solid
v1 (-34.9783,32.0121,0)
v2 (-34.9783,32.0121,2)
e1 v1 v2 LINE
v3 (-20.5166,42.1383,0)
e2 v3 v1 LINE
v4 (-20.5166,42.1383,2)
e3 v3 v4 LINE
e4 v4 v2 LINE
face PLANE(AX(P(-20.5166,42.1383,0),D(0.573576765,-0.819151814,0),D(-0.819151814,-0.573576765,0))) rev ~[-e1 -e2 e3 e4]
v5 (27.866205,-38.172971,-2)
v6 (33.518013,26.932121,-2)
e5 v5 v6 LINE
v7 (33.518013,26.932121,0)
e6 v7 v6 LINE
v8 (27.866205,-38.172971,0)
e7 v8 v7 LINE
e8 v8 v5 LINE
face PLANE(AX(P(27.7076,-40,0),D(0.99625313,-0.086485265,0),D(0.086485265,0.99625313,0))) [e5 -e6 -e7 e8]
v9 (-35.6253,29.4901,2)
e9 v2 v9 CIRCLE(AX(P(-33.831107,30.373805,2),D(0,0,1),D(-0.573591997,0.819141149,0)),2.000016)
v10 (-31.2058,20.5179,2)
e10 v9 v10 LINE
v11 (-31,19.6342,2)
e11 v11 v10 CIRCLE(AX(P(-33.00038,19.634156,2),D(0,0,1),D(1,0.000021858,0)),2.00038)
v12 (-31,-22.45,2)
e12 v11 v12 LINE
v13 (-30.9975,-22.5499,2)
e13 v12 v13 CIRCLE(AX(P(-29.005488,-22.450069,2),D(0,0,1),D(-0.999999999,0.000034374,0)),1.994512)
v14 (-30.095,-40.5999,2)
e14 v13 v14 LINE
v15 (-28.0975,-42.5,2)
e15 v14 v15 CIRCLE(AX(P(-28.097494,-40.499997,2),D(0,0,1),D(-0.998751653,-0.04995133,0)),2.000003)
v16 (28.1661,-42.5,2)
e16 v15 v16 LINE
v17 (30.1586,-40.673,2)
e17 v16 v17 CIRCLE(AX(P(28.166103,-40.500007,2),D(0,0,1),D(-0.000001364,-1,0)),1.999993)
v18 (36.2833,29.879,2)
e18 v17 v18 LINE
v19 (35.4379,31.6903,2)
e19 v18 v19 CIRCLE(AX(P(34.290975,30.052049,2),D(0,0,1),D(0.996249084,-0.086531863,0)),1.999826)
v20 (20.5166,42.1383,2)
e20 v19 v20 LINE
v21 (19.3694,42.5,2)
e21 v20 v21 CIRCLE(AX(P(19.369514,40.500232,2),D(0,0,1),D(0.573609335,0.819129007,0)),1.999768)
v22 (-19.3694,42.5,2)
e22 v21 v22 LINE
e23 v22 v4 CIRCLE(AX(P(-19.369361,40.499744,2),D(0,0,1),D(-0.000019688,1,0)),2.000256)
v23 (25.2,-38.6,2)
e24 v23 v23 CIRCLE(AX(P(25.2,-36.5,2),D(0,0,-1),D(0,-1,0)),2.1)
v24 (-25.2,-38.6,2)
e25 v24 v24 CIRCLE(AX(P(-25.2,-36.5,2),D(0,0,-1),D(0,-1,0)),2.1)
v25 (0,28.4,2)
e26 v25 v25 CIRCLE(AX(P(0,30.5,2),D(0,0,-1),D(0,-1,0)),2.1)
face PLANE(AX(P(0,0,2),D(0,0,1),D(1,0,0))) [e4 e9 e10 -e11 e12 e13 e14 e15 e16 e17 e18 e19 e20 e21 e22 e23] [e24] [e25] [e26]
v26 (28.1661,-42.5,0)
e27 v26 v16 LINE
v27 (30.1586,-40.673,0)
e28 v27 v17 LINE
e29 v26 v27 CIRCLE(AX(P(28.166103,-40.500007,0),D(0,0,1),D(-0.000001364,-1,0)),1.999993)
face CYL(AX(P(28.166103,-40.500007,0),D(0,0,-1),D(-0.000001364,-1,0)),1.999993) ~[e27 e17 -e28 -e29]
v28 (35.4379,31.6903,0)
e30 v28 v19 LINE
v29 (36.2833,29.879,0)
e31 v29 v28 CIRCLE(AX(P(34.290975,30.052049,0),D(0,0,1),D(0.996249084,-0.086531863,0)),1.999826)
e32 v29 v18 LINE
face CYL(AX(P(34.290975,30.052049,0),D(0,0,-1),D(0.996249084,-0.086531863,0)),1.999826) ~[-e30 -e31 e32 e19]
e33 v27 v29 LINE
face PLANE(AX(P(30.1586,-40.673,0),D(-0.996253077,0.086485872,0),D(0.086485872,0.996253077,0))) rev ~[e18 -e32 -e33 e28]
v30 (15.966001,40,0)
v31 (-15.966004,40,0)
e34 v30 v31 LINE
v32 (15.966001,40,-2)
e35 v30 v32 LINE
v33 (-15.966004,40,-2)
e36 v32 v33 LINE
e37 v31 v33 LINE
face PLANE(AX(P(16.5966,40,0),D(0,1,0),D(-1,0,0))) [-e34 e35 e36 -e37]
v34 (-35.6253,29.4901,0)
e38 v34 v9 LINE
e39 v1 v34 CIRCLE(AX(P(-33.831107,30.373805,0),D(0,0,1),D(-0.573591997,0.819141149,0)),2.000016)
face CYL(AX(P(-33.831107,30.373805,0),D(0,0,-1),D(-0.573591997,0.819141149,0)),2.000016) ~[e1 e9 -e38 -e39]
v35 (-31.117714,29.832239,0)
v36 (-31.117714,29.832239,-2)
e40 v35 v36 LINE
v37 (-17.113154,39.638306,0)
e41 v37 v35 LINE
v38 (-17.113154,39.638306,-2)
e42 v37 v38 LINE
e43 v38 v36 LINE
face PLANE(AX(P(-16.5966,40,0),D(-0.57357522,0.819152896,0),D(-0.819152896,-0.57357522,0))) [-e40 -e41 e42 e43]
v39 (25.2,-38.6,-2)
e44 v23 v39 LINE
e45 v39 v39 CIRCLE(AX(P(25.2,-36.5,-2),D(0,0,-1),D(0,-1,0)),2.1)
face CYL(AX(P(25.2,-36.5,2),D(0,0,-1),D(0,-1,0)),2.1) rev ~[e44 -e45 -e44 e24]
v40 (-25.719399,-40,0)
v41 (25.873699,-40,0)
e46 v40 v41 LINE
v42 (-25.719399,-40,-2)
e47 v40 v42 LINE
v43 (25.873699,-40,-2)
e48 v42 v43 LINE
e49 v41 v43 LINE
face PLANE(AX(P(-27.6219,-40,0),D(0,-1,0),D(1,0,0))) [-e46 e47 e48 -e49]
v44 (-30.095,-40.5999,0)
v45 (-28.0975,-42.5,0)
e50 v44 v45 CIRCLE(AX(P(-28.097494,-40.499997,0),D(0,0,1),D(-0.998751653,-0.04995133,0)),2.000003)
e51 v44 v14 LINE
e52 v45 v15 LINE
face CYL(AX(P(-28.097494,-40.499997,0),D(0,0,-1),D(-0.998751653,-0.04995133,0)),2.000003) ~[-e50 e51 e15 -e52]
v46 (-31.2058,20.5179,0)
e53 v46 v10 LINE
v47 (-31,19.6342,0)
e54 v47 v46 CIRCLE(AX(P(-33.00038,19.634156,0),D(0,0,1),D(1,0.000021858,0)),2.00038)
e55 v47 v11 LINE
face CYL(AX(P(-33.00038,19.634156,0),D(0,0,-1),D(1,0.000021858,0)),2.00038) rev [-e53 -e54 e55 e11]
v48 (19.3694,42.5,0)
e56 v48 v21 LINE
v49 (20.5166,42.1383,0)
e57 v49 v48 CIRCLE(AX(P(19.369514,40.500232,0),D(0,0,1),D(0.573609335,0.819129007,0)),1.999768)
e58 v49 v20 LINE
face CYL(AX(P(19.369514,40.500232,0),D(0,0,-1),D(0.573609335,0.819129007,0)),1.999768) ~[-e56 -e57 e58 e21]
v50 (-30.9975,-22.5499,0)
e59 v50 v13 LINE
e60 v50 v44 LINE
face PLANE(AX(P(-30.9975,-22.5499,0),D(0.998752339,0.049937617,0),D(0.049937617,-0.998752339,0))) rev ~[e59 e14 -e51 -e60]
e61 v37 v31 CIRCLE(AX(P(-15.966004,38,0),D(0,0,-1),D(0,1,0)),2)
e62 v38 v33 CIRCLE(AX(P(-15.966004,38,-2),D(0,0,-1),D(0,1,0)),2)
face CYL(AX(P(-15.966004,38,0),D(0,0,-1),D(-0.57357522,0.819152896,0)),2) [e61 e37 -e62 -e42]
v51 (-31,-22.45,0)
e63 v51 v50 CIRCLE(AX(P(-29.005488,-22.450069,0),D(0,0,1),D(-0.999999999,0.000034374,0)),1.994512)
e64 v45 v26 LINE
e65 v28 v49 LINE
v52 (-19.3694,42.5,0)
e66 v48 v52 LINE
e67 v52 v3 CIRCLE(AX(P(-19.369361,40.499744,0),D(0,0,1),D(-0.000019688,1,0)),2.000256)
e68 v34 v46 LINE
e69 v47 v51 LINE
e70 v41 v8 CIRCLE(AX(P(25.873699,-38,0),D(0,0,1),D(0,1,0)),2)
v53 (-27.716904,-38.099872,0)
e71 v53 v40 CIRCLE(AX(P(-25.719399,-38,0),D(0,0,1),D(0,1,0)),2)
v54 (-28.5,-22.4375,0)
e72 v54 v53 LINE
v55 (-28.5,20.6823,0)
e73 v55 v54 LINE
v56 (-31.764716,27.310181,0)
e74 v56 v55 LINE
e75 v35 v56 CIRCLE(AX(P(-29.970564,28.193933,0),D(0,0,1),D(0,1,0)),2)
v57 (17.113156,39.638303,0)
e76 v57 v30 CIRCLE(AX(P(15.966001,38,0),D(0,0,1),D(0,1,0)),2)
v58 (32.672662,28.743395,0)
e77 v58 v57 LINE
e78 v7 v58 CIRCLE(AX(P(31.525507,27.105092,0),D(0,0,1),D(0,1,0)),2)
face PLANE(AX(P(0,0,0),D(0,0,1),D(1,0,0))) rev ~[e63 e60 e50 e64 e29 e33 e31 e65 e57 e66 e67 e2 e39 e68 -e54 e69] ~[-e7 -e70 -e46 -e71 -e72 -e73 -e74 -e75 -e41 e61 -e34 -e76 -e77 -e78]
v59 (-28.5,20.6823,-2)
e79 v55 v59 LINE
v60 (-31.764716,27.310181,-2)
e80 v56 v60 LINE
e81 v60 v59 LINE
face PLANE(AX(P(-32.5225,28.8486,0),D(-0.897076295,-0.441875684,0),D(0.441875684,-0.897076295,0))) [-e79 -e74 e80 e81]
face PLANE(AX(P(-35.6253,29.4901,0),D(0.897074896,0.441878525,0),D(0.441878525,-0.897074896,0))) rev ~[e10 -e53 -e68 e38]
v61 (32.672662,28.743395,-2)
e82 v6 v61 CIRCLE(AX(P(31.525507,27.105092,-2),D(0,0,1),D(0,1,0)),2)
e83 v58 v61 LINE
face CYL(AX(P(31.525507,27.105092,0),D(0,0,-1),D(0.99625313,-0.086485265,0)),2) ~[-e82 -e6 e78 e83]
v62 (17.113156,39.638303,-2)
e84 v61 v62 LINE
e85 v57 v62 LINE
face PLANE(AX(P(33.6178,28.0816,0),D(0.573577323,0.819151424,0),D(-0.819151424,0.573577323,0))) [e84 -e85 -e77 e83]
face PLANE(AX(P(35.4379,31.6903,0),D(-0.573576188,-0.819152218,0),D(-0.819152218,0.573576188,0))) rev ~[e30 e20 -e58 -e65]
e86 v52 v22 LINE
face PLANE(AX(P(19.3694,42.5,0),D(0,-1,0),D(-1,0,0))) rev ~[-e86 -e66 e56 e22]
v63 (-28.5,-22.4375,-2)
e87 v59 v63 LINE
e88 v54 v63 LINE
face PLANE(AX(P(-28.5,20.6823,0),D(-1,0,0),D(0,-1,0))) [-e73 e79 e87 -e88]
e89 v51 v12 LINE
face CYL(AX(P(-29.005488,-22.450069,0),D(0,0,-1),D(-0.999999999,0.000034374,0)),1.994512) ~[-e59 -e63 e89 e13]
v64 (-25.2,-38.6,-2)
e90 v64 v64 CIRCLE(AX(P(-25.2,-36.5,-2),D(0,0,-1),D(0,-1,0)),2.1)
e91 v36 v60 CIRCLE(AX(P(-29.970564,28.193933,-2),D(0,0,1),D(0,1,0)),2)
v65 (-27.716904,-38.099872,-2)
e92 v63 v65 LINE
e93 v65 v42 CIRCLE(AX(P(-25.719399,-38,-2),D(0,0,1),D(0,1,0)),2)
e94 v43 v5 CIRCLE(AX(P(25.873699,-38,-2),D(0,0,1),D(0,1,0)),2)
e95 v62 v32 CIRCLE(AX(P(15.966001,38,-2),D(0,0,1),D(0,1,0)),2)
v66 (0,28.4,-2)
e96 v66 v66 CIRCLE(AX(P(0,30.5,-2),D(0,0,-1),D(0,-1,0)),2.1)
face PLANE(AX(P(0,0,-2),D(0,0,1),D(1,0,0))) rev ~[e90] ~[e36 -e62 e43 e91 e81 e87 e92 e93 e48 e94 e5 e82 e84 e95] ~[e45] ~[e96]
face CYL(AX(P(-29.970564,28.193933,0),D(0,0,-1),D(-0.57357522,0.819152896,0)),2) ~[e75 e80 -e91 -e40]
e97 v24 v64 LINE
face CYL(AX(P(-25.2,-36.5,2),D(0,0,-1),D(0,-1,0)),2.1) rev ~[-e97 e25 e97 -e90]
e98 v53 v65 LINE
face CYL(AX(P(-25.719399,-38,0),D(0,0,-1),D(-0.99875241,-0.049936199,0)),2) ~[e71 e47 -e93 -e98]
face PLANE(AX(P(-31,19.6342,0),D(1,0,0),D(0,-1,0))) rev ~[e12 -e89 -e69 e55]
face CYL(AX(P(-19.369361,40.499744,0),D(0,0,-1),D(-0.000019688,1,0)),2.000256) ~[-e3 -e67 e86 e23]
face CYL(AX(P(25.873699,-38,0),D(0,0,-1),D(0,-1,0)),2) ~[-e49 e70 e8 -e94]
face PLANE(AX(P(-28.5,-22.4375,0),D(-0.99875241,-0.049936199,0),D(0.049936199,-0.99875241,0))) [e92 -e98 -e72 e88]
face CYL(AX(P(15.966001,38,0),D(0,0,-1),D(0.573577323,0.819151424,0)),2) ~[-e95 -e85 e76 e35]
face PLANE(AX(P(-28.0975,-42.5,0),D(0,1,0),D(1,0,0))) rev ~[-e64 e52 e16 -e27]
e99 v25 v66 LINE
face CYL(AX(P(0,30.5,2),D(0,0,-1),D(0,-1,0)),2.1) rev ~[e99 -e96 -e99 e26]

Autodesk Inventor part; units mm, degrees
ref_plane "YZ Plane" through (0, 0, 0) normal (1, 0, 0) x (0, 1, 0)
ref_plane "XZ Plane" through (0, 0, 0) normal (0, 1, 0) x (-1, 0, 0)
ref_plane "XY Plane" through (0, 0, 0) normal (0, 0, 1) x (1, 0, 0)
ref_plane "Arbeitsebene1" through (0, 0, 0) normal (0, 0, 1) x (1, 0, 0)
sketch "Skizze1" plane through (0, 0, 0) normal (0, 0, 1) x (1, 0, 0)
  line L0 (-29, -22.45) -> (-29, 20.1) projected
  line L1 (-29.2058, 20.9837) -> (-32.4027, 27.4738) projected
  line L2 (-17.2708, 40.1383) -> (-31.7557, 29.9959) projected
  line L3 (-16.1236, 40.5) -> (16.1236, 40.5) projected
  line L4 (33.1958, 28.9875) -> (17.2708, 40.1383) projected
  line L5 (34.0411, 27.1762) -> (28.1661, -40.5) projected
  line L6 (28.1661, -40.5) -> (-28.0975, -40.5) projected
  line L7 (-28.0975, -40.5) -> (-29, -22.45) projected
  line L8 (-30.9975, -22.5499) -> (-30.095, -40.5999) projected
  line L9 (-28.0975, -42.5) -> (28.1661, -42.5) projected
  line L10 (30.1586, -40.673) -> (36.2833, 29.879) projected
  line L11 (35.4379, 31.6903) -> (20.5166, 42.1383) projected
  line L12 (19.3694, 42.5) -> (-19.3694, 42.5) projected
  line L13 (-20.5166, 42.1383) -> (-34.9783, 32.0121) projected
  line L14 (-35.6253, 29.4901) -> (-31.2058, 20.5179) projected
  line L15 (-31, 19.6342) -> (-31, -22.45) projected
  line L16 (-32.5225, 28.8486) -> (-28.5, 20.6823)
  line L17 (-28.5, 20.6823) -> (-28.5, -22.4375)
  line L18 (-28.5, -22.4375) -> (-27.6219, -40)
  line L19 (-27.6219, -40) -> (27.7076, -40)
  line L20 (27.7076, -40) -> (33.6178, 28.0816)
  line L21 (33.6178, 28.0816) -> (16.5966, 40)
  line L22 (16.5966, 40) -> (-16.5966, 40)
  line L23 (-16.5966, 40) -> (-32.5225, 28.8486)
  arc A0 (-29, 20.1) -> (-29.2058, 20.9837) centre (-31, 20.1) ccw projected
  arc A1 (-31.7557, 29.9959) -> (-32.4027, 27.4738) centre (-30.6085, 28.3576) ccw projected
  arc A2 (-16.1236, 40.5) -> (-17.2708, 40.1383) centre (-16.1236, 38.5) ccw projected
  arc A3 (17.2708, 40.1383) -> (16.1236, 40.5) centre (16.1236, 38.5) ccw projected
  arc A4 (34.0411, 27.1762) -> (33.1958, 28.9875) centre (32.0486, 27.3492) ccw projected
  arc A5 (-31, -22.45) -> (-30.9975, -22.5499) centre (-29, -22.45) ccw projected
  arc A6 (-30.095, -40.5999) -> (-28.0975, -42.5) centre (-28.0975, -40.5) ccw projected
  arc A7 (28.1661, -42.5) -> (30.1586, -40.673) centre (28.1661, -40.5) ccw projected
  arc A8 (36.2833, 29.879) -> (35.4379, 31.6903) centre (34.2907, 30.052) ccw projected
  arc A9 (20.5166, 42.1383) -> (19.3694, 42.5) centre (19.3694, 40.5) ccw projected
  arc A10 (-19.3694, 42.5) -> (-20.5166, 42.1383) centre (-19.3694, 40.5) ccw projected
  arc A11 (-34.9783, 32.0121) -> (-35.6253, 29.4901) centre (-33.8311, 30.3738) ccw projected
  arc A12 (-31, 19.6342) -> (-31.2058, 20.5179) centre (-33, 19.6342) ccw projected
  point P0 (0, 0)
  dimension "d2" = 0.5
extrude "Extrusion1" add sketch "Skizze1" against normal blind 2 contours L23 L22 L21 L20 L19 L18 L17 L16
sketch "Skizze2" plane through (0, 0, 0) normal (0, 0, 1) x (-1, 0, 0)
  point P0 (0, 0)
sketch "Skizze3" plane through (0, 0, 0) normal (0, 0, 1) x (1, 0, 0)
  line L0 (-29, -22.45) -> (-29, 20.1) projected
  line L1 (-29.2058, 20.9837) -> (-32.4027, 27.4738) projected
  line L2 (-17.2708, 40.1383) -> (-31.7557, 29.9959) projected
  line L3 (-16.1236, 40.5) -> (16.1236, 40.5) projected
  line L4 (33.1958, 28.9875) -> (17.2708, 40.1383) projected
  line L5 (34.0411, 27.1762) -> (28.1661, -40.5) projected
  line L6 (28.1661, -40.5) -> (-28.0975, -40.5) projected
  line L7 (-28.0975, -40.5) -> (-29, -22.45) projected
  line L8 (-30.9975, -22.5499) -> (-30.095, -40.5999) projected
  line L9 (-28.0975, -42.5) -> (28.1661, -42.5) projected
  line L10 (30.1586, -40.673) -> (36.2833, 29.879) projected
  line L11 (35.4379, 31.6903) -> (20.5166, 42.1383) projected
  line L12 (19.3694, 42.5) -> (-19.3694, 42.5) projected
  line L13 (-20.5166, 42.1383) -> (-34.9783, 32.0121) projected
  line L14 (-35.6253, 29.4901) -> (-31.2058, 20.5179) projected
  line L15 (-31, 19.6342) -> (-31, -22.45) projected
  arc A0 (-29, 20.1) -> (-29.2058, 20.9837) centre (-31, 20.1) ccw projected
  arc A1 (-31.7557, 29.9959) -> (-32.4027, 27.4738) centre (-30.6085, 28.3576) ccw projected
  arc A2 (-16.1236, 40.5) -> (-17.2708, 40.1383) centre (-16.1236, 38.5) ccw projected
  arc A3 (17.2708, 40.1383) -> (16.1236, 40.5) centre (16.1236, 38.5) ccw projected
  arc A4 (34.0411, 27.1762) -> (33.1958, 28.9875) centre (32.0486, 27.3492) ccw projected
  arc A5 (-31, -22.45) -> (-30.9975, -22.5499) centre (-29, -22.45) ccw projected
  arc A6 (-30.095, -40.5999) -> (-28.0975, -42.5) centre (-28.0975, -40.5) ccw projected
  arc A7 (28.1661, -42.5) -> (30.1586, -40.673) centre (28.1661, -40.5) ccw projected
  arc A8 (36.2833, 29.879) -> (35.4379, 31.6903) centre (34.2907, 30.052) ccw projected
  arc A9 (20.5166, 42.1383) -> (19.3694, 42.5) centre (19.3694, 40.5) ccw projected
  arc A10 (-19.3694, 42.5) -> (-20.5166, 42.1383) centre (-19.3694, 40.5) ccw projected
  arc A11 (-34.9783, 32.0121) -> (-35.6253, 29.4901) centre (-33.8311, 30.3738) ccw projected
  arc A12 (-31, 19.6342) -> (-31.2058, 20.5179) centre (-33, 19.6342) ccw projected
  point P0 (0, 0)
extrude "Extrusion2" add sketch "Skizze3" along normal blind 2 contours L0 A0 L1 A1 L2 A2 L3 A3 L4 A4 L5 L6 L7 | A5 L15 A12 L14 A11 L13 A10 L12 A9 L11 A8 L10 A7 L9 A6 L8
sketch "Skizze4" plane through (0, 0, 2) normal (0, 0, 1) x (1, 0, 0)
  circle A0 centre (-25.2, -36.5) radius 1.5 projected
  circle A1 centre (25.2, -36.5) radius 1.5 projected
  circle A2 centre (0, 30.5) radius 1.5 projected
  point P0 (0, 0)
hole "Bohrung1" at (0, 30.5, 2) at (25.2, -36.5, 2) at (-25.2, -36.5, 2) direction (0, 0, -1) diameter 4.2 end through all
fillet "Rundung1" radius 2 6 edges at (27.7076, -40, -1) (-27.6219, -40, -1) (33.6178, 28.0816, -1) (16.5966, 40, -1) (-32.5225, 28.8486, -1) (-16.5966, 40, -1)
properties part number "Deckel_oberteil"
